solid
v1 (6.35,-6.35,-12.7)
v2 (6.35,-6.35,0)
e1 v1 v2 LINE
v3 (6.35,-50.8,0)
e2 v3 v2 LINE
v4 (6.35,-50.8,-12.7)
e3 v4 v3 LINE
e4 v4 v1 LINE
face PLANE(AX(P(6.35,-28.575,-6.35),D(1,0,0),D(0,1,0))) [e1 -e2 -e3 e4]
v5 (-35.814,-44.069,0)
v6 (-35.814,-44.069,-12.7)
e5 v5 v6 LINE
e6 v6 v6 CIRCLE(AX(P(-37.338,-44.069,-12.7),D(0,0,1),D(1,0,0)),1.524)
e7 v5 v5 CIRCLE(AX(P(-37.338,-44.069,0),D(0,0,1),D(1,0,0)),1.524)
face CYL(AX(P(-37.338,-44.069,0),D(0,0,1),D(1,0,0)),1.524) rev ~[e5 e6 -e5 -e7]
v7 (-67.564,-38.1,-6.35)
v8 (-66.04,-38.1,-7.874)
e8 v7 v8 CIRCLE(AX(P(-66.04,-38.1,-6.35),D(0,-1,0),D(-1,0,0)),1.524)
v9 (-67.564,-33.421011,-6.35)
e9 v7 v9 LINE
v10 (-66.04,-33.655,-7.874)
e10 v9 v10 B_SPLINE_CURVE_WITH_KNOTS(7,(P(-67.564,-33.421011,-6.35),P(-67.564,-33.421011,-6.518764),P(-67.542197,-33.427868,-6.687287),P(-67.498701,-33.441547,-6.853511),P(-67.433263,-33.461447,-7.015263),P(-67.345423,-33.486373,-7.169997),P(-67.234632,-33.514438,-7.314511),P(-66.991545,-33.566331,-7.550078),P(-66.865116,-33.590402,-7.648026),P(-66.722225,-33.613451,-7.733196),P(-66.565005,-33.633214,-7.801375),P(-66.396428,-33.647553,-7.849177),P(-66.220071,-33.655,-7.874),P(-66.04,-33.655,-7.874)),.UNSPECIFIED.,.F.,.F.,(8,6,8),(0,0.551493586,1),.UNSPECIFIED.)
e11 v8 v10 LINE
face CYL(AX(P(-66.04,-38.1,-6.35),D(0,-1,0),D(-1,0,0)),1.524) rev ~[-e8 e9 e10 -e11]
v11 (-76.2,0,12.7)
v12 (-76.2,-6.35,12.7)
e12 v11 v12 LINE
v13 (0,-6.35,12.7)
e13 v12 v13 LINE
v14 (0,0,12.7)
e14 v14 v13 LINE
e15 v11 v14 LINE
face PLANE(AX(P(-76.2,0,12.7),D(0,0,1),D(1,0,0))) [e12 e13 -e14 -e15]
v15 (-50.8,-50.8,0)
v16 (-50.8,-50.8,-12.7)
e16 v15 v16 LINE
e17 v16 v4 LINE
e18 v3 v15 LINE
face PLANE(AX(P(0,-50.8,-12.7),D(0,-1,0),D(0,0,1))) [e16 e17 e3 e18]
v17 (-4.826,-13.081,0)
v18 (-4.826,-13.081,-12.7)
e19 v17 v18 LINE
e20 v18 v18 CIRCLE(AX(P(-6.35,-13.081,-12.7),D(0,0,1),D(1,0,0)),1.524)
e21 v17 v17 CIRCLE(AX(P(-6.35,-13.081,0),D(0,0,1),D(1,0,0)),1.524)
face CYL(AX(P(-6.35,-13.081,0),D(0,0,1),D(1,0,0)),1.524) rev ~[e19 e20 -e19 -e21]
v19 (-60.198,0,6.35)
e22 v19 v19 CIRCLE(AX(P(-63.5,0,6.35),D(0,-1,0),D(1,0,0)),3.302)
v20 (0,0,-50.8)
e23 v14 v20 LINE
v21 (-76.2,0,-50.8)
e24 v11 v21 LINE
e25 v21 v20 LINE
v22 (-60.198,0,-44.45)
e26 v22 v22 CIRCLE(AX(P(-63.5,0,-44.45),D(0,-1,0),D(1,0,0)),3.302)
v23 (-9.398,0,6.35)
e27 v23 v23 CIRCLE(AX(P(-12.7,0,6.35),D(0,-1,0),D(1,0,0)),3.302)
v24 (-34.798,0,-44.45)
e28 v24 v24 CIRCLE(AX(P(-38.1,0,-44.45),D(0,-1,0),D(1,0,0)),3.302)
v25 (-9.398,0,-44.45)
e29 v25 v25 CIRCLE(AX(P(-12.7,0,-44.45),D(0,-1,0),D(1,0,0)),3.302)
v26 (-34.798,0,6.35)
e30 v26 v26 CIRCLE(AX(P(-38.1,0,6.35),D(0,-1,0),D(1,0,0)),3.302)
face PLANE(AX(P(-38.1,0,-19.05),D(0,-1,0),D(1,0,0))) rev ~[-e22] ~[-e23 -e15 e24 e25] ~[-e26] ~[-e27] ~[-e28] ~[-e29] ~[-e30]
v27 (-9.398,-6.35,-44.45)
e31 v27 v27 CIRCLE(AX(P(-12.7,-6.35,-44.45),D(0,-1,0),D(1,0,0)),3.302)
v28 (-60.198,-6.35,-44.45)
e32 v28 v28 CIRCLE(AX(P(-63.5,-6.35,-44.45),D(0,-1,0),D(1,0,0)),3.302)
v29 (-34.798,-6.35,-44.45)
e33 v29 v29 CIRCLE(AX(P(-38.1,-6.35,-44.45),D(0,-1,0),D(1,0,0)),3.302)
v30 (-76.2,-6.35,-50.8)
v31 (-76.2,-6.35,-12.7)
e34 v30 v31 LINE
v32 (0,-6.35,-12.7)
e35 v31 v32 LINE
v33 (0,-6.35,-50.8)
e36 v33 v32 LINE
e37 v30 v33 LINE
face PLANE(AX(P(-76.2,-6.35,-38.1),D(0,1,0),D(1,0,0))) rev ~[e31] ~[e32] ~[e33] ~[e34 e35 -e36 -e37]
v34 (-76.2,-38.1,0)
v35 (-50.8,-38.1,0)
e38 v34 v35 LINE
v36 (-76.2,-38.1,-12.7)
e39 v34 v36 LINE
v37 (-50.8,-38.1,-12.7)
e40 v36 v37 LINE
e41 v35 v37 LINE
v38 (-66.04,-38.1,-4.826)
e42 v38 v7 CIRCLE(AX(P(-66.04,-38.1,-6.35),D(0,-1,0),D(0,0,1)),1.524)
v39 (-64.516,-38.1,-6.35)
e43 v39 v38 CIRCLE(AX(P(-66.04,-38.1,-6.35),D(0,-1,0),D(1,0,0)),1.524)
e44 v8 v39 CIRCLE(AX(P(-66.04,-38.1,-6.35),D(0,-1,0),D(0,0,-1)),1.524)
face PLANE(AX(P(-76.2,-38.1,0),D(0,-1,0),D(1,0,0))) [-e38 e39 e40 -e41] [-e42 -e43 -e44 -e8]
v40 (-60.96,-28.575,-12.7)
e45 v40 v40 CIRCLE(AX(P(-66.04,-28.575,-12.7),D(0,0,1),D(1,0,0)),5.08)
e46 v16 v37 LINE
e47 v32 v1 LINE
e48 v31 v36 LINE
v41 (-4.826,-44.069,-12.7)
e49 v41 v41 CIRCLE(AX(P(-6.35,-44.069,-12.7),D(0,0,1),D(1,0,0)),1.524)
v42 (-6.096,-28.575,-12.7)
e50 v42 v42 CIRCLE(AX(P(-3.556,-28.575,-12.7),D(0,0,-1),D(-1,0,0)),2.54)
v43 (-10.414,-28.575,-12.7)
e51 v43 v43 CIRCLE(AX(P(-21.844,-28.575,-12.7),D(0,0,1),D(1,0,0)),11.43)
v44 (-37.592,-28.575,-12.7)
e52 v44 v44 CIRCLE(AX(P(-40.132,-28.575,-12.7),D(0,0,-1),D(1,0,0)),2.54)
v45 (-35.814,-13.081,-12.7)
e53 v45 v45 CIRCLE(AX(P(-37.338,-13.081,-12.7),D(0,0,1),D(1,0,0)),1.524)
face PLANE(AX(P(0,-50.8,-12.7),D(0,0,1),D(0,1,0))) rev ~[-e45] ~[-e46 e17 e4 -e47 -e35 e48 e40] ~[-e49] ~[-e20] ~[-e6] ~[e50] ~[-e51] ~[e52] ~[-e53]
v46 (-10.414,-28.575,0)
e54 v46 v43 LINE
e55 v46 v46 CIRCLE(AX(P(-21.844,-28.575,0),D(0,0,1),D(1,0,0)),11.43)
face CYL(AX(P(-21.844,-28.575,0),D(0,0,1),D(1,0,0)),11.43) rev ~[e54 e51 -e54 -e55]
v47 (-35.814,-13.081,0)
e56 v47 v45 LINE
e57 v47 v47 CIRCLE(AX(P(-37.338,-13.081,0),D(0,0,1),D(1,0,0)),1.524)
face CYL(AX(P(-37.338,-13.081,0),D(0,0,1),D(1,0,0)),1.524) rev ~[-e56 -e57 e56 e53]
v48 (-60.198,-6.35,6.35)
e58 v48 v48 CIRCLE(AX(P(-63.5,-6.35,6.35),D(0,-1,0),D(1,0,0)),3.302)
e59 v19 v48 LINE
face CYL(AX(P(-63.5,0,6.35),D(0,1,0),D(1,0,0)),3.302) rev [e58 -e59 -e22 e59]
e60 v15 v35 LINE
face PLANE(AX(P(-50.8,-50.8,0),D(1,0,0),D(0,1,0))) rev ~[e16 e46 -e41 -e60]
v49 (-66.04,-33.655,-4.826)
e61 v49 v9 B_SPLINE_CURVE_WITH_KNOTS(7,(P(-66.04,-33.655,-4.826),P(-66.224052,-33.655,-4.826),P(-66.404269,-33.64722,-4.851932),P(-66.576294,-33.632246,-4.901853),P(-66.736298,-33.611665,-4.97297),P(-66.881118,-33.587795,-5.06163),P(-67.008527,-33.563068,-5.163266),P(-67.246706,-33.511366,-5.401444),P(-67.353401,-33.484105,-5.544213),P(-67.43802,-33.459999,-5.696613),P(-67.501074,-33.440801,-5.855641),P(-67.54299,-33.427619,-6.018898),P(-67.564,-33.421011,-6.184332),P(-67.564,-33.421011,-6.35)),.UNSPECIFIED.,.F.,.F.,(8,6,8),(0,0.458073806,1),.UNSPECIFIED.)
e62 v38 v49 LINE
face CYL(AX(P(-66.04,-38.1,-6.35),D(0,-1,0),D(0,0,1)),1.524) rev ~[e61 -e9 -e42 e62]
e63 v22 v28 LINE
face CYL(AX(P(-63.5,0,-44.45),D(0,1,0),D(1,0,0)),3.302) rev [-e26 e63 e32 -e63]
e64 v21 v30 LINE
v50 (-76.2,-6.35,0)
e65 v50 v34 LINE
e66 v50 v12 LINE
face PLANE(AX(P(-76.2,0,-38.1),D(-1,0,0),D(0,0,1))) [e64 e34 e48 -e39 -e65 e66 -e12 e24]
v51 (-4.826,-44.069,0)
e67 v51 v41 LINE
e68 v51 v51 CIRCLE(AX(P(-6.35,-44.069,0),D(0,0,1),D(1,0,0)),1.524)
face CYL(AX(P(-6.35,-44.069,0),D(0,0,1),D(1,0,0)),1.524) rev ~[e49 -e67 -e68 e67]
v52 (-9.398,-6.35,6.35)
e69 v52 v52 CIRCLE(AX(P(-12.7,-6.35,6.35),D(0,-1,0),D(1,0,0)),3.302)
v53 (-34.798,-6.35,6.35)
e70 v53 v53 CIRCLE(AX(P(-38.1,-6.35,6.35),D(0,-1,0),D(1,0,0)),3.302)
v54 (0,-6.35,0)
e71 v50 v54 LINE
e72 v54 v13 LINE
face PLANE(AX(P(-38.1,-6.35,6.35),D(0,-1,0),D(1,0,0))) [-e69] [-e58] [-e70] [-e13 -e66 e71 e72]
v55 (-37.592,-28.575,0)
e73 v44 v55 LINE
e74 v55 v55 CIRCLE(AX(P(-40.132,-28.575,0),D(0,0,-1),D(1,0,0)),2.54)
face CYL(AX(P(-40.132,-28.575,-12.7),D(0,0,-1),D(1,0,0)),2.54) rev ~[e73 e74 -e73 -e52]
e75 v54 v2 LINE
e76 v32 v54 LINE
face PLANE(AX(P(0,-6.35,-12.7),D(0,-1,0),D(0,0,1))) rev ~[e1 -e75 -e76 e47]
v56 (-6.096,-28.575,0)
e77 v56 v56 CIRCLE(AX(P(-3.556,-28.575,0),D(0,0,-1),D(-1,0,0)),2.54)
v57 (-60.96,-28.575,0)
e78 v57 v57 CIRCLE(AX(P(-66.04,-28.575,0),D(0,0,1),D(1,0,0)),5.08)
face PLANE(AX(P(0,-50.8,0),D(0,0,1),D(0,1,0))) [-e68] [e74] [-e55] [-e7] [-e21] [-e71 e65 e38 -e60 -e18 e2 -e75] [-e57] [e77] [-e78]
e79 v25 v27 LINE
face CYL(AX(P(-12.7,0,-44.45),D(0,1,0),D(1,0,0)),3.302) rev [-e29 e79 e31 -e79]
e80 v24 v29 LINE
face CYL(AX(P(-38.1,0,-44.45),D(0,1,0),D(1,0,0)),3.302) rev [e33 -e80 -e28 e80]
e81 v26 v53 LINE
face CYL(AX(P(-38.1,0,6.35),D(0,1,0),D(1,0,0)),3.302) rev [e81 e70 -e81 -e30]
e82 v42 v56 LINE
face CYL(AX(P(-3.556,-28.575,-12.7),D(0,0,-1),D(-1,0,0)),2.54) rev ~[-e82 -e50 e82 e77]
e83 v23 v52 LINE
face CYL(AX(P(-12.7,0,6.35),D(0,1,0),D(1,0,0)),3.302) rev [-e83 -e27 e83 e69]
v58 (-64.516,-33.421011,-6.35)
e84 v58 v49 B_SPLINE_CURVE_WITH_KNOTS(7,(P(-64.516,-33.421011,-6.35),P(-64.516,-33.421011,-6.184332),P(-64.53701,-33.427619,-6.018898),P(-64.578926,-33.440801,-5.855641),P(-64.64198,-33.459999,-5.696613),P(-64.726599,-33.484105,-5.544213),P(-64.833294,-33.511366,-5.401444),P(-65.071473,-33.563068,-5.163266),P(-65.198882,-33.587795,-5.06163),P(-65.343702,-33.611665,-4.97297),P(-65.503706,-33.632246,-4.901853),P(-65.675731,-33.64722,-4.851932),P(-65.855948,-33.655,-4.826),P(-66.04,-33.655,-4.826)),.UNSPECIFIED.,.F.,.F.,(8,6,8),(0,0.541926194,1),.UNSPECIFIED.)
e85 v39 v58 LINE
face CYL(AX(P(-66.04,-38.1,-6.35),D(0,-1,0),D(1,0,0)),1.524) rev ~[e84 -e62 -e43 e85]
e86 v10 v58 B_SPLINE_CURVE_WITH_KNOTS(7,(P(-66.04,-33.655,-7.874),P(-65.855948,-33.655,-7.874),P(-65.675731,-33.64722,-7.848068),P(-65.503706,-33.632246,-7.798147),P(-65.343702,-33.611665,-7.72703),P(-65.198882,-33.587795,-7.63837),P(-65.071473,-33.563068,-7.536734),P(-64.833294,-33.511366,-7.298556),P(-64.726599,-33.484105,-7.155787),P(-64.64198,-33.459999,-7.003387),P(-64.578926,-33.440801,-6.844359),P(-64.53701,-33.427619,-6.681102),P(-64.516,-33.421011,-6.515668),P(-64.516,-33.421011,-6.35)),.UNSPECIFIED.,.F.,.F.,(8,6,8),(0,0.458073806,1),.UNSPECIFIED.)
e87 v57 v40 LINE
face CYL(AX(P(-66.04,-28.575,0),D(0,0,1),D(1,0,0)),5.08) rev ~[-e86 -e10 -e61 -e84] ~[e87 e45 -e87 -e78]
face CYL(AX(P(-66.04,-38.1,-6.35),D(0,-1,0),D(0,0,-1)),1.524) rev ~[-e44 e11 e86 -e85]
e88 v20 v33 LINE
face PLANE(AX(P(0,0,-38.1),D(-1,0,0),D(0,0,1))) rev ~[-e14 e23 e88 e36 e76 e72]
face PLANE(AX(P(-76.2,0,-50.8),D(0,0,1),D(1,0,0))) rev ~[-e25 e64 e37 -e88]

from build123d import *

# Parameters (mm, degrees)
F0_W      = 76.2
F0_H      = 12.7
F0_R      = 3.302
F1_DEPTH  = 6.35
F0_H_2    = 38.1
F2_DEPTH  = 50.8
F4_R      = 1.524
F4_R_2    = 11.43
F4_R_3    = 5.08
F4_W      = 25.4
F4_H      = 12.7
F5_DEPTH  = 50.8
F6_DEPTH  = 25.4
F8_DEPTH  = 7.62
F9_W      = 44.45
F9_H      = 12.7
F10_DEPTH = 6.35
F12_DEPTH = 25.4


with BuildPart() as f1:
    # F0 (on Front) → F1 (new body)
    with BuildSketch(Plane.XZ):
        with Locations((-38.1, 6.35)):
            Rectangle(F0_W, F0_H)
        with Locations((-63.5, 6.35)):
            Circle(F0_R, mode=Mode.SUBTRACT)
        with Locations((-38.1, 6.35)):
            Circle(F0_R, mode=Mode.SUBTRACT)
        with Locations((-12.7, 6.35)):
            Circle(F0_R, mode=Mode.SUBTRACT)
    extrude(amount=F1_DEPTH)


with BuildPart() as f1b:
    # F0 (on Front) → F1, piece 2 (new body)
    with BuildSketch(Plane.XZ):
        with Locations((-38.1, -44.45)):
            Rectangle(F0_W, F0_H)
        with Locations((-63.5, -44.45)):
            Circle(F0_R, mode=Mode.SUBTRACT)
        with Locations((-38.1, -44.45)):
            Circle(F0_R, mode=Mode.SUBTRACT)
        with Locations((-12.7, -44.45)):
            Circle(F0_R, mode=Mode.SUBTRACT)
    extrude(amount=F1_DEPTH)


with BuildPart() as f2:
    # F0 (on Front) → F2 (new body)
    with BuildSketch(Plane.XZ):
        with Locations((-38.1, -19.05)):
            Rectangle(F0_W, F0_H_2)
    extrude(amount=F2_DEPTH)


with BuildPart() as f1_1:
    add(f1.part)

    # F3: union F1b, F2
    add(f1b.part)
    add(f2.part)

    # F4 (on face) → F5 (cut)
    with BuildSketch(Plane.XY):
        with Locations((-6.35, -44.069)):
            Circle(F4_R)
        with Locations((-6.35, -13.081)):
            Circle(F4_R)
        with Locations((-37.338, -13.081)):
            Circle(F4_R)
        with Locations((-37.338, -44.069)):
            Circle(F4_R)
        with Locations((-21.844, -28.575)):
            Circle(F4_R_2)
        with Locations((-66.04, -28.575)):
            Circle(F4_R_3)
        with Locations((-63.5, -44.45)):
            Rectangle(F4_W, F4_H)
    extrude(amount=-F5_DEPTH, mode=Mode.SUBTRACT)

    # F6 (cut): a face of the model
    f6_faces = [f1_1.faces().sort_by_distance(p)[0] for p in [
        (-36.7979159702, -26.5619005098, -38.1),
    ]]
    extrude(f6_faces, amount=-F6_DEPTH, mode=Mode.SUBTRACT)

    # F7 (on face) → F8 (cut)
    with BuildSketch(Plane.XZ.offset(38.1)):
        with BuildLine():
            ThreePointArc((-66.04, -7.874), (-64.9623692655, -7.4276307345), (-64.516, -6.35))
            ThreePointArc((-64.516, -6.35), (-64.9623692655, -5.2723692655), (-66.04, -4.826))
            ThreePointArc((-66.04, -4.826), (-67.1176307345, -5.2723692655), (-67.564, -6.35))
            ThreePointArc((-67.564, -6.35), (-67.1176307345, -7.4276307345), (-66.04, -7.874))
        make_face()
    extrude(amount=-F8_DEPTH, mode=Mode.SUBTRACT)

    # F9 (on face) → F10 (join)
    with BuildSketch(Plane.YZ):
        with Locations((-28.575, -6.35)):
            Rectangle(F9_W, F9_H)
    extrude(amount=F10_DEPTH)

    # F11 (on face) → F12 (cut)
    with BuildSketch(Plane(origin=(0, 0, -12.7), x_dir=(1, 0, 0), z_dir=(0, 0, -1))):
        with BuildLine():
            ThreePointArc((-1.016, 28.575), (-3.556, 31.115), (-6.096, 28.575))
            ThreePointArc((-6.096, 28.575), (-3.556, 26.035), (-1.016, 28.575))
        make_face()
        with BuildLine():
            ThreePointArc((-42.672, 28.575), (-40.132, 26.035), (-37.592, 28.575))
            ThreePointArc((-37.592, 28.575), (-40.132, 31.115), (-42.672, 28.575))
        make_face()
    extrude(amount=-F12_DEPTH, mode=Mode.SUBTRACT)


solid = f1_1.part
